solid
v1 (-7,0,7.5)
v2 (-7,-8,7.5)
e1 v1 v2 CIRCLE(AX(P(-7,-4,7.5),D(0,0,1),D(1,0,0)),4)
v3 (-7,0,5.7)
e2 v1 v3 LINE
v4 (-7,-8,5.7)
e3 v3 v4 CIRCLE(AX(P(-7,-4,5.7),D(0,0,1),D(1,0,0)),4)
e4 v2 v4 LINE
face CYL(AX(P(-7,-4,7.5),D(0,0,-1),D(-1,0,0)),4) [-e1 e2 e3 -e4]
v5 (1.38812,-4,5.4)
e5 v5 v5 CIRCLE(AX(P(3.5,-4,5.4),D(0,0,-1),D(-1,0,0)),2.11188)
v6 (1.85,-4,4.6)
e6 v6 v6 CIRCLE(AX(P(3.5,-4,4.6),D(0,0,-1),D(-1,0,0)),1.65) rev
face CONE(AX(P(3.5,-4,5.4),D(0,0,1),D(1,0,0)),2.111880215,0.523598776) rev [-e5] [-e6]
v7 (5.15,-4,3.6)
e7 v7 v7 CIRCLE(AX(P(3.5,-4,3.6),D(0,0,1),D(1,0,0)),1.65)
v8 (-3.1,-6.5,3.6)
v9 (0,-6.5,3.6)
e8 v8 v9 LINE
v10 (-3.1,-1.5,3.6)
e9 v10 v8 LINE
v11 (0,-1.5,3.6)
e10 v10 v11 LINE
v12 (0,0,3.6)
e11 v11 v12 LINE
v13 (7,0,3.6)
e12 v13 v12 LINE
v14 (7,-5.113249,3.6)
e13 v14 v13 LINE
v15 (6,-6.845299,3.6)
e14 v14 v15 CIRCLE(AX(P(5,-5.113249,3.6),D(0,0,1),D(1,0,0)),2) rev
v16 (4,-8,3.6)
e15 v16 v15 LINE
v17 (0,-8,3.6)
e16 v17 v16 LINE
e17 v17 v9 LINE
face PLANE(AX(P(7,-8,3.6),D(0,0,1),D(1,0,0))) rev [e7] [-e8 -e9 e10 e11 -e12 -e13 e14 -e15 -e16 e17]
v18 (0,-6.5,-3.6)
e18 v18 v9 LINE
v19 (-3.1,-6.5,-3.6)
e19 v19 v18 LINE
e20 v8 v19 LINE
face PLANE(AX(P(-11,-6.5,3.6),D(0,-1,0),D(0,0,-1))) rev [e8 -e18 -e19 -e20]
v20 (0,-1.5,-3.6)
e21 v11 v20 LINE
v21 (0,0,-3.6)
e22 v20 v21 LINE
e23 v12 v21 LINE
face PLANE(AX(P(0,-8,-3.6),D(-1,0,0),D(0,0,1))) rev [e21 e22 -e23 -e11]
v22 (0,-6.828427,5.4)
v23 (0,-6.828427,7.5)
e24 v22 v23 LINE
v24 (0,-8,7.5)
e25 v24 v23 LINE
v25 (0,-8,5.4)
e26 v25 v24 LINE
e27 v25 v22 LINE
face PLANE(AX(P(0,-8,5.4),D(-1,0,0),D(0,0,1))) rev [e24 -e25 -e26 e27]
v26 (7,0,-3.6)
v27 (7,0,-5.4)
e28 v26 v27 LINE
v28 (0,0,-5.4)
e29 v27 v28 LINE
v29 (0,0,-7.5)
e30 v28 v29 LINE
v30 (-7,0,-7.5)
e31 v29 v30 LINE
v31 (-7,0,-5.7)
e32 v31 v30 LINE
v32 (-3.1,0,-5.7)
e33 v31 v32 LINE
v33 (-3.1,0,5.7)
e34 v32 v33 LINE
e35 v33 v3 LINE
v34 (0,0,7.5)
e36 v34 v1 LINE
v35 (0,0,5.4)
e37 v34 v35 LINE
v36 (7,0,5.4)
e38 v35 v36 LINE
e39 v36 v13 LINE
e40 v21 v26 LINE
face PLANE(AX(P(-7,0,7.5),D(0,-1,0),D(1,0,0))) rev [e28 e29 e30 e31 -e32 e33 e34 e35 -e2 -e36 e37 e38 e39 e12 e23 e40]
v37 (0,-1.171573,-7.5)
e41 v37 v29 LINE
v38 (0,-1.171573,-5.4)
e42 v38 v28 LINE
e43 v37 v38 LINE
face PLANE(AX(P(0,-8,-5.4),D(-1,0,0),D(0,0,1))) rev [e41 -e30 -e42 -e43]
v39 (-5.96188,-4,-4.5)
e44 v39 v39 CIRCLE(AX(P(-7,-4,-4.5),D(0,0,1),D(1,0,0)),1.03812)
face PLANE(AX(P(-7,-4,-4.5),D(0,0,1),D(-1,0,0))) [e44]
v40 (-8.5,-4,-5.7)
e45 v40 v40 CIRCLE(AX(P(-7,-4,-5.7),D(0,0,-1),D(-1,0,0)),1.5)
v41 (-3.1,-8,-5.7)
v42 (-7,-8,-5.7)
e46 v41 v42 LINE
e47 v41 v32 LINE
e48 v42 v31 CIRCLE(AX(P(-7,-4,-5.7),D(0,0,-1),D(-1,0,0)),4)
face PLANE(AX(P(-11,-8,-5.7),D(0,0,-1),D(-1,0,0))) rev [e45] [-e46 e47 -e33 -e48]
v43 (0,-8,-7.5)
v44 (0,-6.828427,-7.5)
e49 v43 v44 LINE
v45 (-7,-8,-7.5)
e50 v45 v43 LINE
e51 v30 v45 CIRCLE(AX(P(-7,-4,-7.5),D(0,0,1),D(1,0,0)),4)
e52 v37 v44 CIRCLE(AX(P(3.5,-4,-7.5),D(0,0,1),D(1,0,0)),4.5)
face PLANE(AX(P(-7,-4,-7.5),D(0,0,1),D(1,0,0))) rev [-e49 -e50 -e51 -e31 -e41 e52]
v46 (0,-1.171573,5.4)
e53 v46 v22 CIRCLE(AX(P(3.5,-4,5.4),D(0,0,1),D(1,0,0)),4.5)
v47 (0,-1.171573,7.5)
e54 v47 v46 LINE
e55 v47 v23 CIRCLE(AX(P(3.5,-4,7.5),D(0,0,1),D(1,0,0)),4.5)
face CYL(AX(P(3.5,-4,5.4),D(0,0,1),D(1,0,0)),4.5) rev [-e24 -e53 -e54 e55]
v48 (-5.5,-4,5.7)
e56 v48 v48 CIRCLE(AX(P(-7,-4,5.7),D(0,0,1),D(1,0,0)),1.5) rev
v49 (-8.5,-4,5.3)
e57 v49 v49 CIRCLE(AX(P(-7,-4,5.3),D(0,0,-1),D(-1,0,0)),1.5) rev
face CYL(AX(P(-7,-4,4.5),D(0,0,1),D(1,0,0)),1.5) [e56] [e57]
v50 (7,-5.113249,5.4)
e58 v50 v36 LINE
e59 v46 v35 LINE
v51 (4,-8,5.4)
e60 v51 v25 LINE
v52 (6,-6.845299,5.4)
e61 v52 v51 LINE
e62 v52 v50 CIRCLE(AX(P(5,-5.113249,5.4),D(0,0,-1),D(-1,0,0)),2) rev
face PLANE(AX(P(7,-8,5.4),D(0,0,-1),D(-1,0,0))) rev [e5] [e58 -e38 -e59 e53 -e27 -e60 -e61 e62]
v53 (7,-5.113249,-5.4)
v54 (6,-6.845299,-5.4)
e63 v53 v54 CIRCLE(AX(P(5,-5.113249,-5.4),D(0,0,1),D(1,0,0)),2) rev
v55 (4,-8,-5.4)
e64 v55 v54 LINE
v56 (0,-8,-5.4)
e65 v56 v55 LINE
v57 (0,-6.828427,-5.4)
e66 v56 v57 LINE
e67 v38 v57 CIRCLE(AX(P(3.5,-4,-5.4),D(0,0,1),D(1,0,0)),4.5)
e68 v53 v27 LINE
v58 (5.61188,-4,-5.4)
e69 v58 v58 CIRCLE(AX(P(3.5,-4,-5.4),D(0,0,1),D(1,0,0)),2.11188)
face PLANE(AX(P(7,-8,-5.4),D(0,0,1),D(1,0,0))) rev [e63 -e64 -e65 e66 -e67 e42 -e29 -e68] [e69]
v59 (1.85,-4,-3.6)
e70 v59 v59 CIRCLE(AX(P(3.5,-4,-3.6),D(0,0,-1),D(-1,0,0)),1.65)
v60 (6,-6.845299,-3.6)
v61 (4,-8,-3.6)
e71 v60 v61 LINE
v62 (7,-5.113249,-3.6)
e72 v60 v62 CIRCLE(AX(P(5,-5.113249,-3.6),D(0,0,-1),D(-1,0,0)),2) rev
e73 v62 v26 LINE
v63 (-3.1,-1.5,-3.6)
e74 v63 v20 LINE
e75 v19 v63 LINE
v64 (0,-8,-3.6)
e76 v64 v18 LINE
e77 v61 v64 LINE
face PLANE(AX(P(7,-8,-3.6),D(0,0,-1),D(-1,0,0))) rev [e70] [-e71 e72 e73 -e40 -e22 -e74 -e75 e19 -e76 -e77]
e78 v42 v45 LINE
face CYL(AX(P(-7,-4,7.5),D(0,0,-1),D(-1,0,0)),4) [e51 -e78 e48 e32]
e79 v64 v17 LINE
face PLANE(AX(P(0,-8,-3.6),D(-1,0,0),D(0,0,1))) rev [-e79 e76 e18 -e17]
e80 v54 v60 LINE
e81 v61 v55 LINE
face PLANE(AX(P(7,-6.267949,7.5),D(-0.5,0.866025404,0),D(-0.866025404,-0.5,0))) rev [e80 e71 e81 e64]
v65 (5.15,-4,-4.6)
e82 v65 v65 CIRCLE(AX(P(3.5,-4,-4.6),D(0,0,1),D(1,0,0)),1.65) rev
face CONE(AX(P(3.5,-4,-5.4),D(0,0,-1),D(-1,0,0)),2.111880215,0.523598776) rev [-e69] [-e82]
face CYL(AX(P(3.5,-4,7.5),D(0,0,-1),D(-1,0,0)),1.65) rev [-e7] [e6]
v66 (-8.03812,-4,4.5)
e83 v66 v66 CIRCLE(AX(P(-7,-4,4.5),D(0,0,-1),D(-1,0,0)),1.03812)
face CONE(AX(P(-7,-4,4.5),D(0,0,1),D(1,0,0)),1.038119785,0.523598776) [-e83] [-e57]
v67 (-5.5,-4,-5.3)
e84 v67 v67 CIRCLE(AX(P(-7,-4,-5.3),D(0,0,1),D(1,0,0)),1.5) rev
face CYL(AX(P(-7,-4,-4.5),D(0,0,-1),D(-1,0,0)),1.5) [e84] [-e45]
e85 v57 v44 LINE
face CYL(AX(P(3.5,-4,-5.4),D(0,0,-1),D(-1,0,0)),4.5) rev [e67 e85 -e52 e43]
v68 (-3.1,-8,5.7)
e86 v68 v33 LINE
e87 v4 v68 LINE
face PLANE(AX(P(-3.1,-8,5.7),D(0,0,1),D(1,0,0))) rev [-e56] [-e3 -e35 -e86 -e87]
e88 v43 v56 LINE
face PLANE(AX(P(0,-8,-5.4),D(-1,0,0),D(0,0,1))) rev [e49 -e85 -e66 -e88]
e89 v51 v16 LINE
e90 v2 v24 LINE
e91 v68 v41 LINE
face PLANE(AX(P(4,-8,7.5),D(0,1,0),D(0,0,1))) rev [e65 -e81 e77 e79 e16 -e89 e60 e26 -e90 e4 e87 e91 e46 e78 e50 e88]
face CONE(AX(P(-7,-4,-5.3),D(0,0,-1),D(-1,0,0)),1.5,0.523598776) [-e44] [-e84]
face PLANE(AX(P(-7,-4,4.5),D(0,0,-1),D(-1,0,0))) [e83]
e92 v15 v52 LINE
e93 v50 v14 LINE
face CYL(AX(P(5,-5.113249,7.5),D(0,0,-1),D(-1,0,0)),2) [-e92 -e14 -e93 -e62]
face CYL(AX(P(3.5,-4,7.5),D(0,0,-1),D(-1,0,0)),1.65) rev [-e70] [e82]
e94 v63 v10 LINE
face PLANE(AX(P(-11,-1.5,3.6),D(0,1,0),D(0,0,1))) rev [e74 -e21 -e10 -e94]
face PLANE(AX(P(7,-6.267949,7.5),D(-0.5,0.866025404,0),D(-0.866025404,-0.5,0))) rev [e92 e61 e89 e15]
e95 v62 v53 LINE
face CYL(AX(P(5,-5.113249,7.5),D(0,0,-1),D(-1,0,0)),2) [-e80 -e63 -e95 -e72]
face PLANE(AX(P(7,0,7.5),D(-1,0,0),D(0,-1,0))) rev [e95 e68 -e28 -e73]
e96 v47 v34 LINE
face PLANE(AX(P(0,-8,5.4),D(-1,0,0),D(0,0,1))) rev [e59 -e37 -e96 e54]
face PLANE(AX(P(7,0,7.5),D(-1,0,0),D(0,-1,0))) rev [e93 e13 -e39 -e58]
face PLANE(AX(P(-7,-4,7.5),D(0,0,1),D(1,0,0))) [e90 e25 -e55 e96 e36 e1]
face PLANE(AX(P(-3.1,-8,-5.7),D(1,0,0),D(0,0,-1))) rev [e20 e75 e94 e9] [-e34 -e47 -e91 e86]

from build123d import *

# Parameters (mm, degrees)
RESSALTO_EXTRUS_O1_DEPTH   = 7.5
ESBO_O2_W                  = 7.9
ESBO_O2_H                  = 11.4
ESBO_O2_W_2                = 7
ESBO_O2_H_2                = 2.1
ESBO_O2_H_3                = 7.2
CORTE_EXTRUS_O1_DEPTH      = 1
CORTE_EXTRUS_O1_DEPTH_BACK = 9
ESBO_O3_W                  = 7.2
ESBO_O3_H                  = 5
CORTE_EXTRUS_O2_DEPTH      = 8
CORTE_EXTRUS_O2_DEPTH_BACK = 12
ESBO_O4_R                  = 1.65
CORTE_EXTRUS_O3_DEPTH      = 3.1
CORTE_EXTRUS_O3_DEPTH_BACK = 13.9
ESBO_O5_R                  = 1.5
RESSALTO_EXTRUS_O2_DEPTH   = 1.2
ESBO_O6_R                  = 4.5
CORTE_EXTRUS_O4_DEPTH      = 2.1
FILETE1_R                  = 2
CHANFRO1_SIZE              = 0.8
CHANFRO1_SIZE2             = 0.461880215
CHANFRO1_PART_2_SIZE       = 0.8
CHANFRO1_PART_2_SIZE2      = 0.461880215
CHANFRO1_PART_3_SIZE       = 0.8
CHANFRO1_PART_3_SIZE2      = 0.461880215
CHANFRO1_PART_4_SIZE       = 0.8
CHANFRO1_PART_4_SIZE2      = 0.461880215


with BuildPart() as part:
    # Esboço1 → Ressalto-extrusão1 (new body, symmetric)
    with BuildSketch(Plane.XY):
        with BuildLine():
            Line((-7, 0), (7, 0))
            Line((7, 0), (7, -6.267949192))
            Line((7, -6.267949192), (4, -8))
            Line((4, -8), (-7, -8))
            ThreePointArc((-7, -8), (-11, -4), (-7, 0))
        make_face()
    extrude(amount=RESSALTO_EXTRUS_O1_DEPTH, both=True)

    # Esboço2 → Corte-extrusão1 (cut, two sides)
    with BuildSketch(Plane(origin=(0, 0, 0), x_dir=(1, 0, 0), z_dir=(0, 1, 0))) as corte_extrus_o1_sk:
        with Locations((-7.05, 0)):
            Rectangle(ESBO_O2_W, ESBO_O2_H)
        with Locations((3.5, -6.45)):
            Rectangle(ESBO_O2_W_2, ESBO_O2_H_2)
        with Locations((3.5, 6.45)):
            Rectangle(ESBO_O2_W_2, ESBO_O2_H_2)
        with Locations((3.5, 0)):
            Rectangle(ESBO_O2_W_2, ESBO_O2_H_3)
    extrude(amount=CORTE_EXTRUS_O1_DEPTH, mode=Mode.SUBTRACT)
    extrude(corte_extrus_o1_sk.sketch, amount=-CORTE_EXTRUS_O1_DEPTH_BACK, mode=Mode.SUBTRACT)

    # Esboço3 → Corte-extrusão2 (cut, two sides)
    with BuildSketch(Plane(origin=(0, 0, 0), x_dir=(0, 0, -1), z_dir=(1, 0, 0))) as corte_extrus_o2_sk:
        with Locations((0, -4)):
            Rectangle(ESBO_O3_W, ESBO_O3_H)
    extrude(amount=CORTE_EXTRUS_O2_DEPTH, mode=Mode.SUBTRACT)
    extrude(corte_extrus_o2_sk.sketch, amount=-CORTE_EXTRUS_O2_DEPTH_BACK, mode=Mode.SUBTRACT)

    # Esboço4 → Corte-extrusão3 (cut, two sides)
    with BuildSketch(Plane(origin=(0, 0, -5.4), x_dir=(-1, 0, 0), z_dir=(0, 0, -1))) as corte_extrus_o3_sk:
        with Locations((-3.5, -4)):
            Circle(ESBO_O4_R)
    extrude(amount=CORTE_EXTRUS_O3_DEPTH, mode=Mode.SUBTRACT)
    extrude(corte_extrus_o3_sk.sketch, amount=-CORTE_EXTRUS_O3_DEPTH_BACK, mode=Mode.SUBTRACT)

    # Esboço5 → Ressalto-extrusão2 (add)
    with BuildSketch(Plane(origin=(0, 0, 5.7), x_dir=(-1, 0, 0), z_dir=(0, 0, -1))):
        with Locations((7, -4)):
            Circle(ESBO_O5_R)
    ressalto_extrus_o2 = extrude(amount=RESSALTO_EXTRUS_O2_DEPTH)

    # Esboço6 → Corte-extrusão4 (cut)
    with BuildSketch(Plane.XY.offset(7.5)):
        with Locations((3.5, -4)):
            Circle(ESBO_O6_R)
    corte_extrus_o4 = extrude(amount=-CORTE_EXTRUS_O4_DEPTH, mode=Mode.SUBTRACT)

    # Espelhar1: Ressalto-extrusão2, Corte-extrusão4 across plane
    add(ressalto_extrus_o2.mirror(Plane.XY))
    add(corte_extrus_o4.mirror(Plane.XY), mode=Mode.SUBTRACT)

    # Filete1
    filete1_edges = [part.edges().sort_by_distance(p)[0] for p in [
        (7, -6.267949192, 4.5),
        (7, -6.267949192, -4.5),
    ]]
    fillet(filete1_edges, radius=FILETE1_R)

    # Chanfro1
    chanfro1_edges = [part.edges().sort_by_distance(p)[0] for p in [
        (5.15, -4, -5.4),
    ]]
    chanfro1_side = [part.faces().sort_by_distance(p)[0] for p in [
        (5.15, -4, -4.5),
    ]]
    chamfer(chanfro1_edges, length=CHANFRO1_SIZE, length2=CHANFRO1_SIZE2, reference=chanfro1_side[0])

    # Chanfro1 part 2
    chanfro1_part_2_edges = [part.edges().sort_by_distance(p)[0] for p in [
        (5.15, -4, 5.4),
    ]]
    chanfro1_part_2_side = [part.faces().sort_by_distance(p)[0] for p in [
        (5.15, -4, 4.5),
    ]]
    chamfer(chanfro1_part_2_edges, length=CHANFRO1_PART_2_SIZE, length2=CHANFRO1_PART_2_SIZE2, reference=chanfro1_part_2_side[0])

    # Chanfro1 part 3
    chanfro1_part_3_edges = [part.edges().sort_by_distance(p)[0] for p in [
        (-5.5, -4, 4.5),
    ]]
    chanfro1_part_3_side = [part.faces().sort_by_distance(p)[0] for p in [
        (-5.5, -4, 5.1),
    ]]
    chamfer(chanfro1_part_3_edges, length=CHANFRO1_PART_3_SIZE, length2=CHANFRO1_PART_3_SIZE2, reference=chanfro1_part_3_side[0])

    # Chanfro1 part 4
    chanfro1_part_4_edges = [part.edges().sort_by_distance(p)[0] for p in [
        (-5.5, -4, -4.5),
    ]]
    chanfro1_part_4_side = [part.faces().sort_by_distance(p)[0] for p in [
        (-5.5, -4, -5.1),
    ]]
    chamfer(chanfro1_part_4_edges, length=CHANFRO1_PART_4_SIZE, length2=CHANFRO1_PART_4_SIZE2, reference=chanfro1_part_4_side[0])


solid = part.part
